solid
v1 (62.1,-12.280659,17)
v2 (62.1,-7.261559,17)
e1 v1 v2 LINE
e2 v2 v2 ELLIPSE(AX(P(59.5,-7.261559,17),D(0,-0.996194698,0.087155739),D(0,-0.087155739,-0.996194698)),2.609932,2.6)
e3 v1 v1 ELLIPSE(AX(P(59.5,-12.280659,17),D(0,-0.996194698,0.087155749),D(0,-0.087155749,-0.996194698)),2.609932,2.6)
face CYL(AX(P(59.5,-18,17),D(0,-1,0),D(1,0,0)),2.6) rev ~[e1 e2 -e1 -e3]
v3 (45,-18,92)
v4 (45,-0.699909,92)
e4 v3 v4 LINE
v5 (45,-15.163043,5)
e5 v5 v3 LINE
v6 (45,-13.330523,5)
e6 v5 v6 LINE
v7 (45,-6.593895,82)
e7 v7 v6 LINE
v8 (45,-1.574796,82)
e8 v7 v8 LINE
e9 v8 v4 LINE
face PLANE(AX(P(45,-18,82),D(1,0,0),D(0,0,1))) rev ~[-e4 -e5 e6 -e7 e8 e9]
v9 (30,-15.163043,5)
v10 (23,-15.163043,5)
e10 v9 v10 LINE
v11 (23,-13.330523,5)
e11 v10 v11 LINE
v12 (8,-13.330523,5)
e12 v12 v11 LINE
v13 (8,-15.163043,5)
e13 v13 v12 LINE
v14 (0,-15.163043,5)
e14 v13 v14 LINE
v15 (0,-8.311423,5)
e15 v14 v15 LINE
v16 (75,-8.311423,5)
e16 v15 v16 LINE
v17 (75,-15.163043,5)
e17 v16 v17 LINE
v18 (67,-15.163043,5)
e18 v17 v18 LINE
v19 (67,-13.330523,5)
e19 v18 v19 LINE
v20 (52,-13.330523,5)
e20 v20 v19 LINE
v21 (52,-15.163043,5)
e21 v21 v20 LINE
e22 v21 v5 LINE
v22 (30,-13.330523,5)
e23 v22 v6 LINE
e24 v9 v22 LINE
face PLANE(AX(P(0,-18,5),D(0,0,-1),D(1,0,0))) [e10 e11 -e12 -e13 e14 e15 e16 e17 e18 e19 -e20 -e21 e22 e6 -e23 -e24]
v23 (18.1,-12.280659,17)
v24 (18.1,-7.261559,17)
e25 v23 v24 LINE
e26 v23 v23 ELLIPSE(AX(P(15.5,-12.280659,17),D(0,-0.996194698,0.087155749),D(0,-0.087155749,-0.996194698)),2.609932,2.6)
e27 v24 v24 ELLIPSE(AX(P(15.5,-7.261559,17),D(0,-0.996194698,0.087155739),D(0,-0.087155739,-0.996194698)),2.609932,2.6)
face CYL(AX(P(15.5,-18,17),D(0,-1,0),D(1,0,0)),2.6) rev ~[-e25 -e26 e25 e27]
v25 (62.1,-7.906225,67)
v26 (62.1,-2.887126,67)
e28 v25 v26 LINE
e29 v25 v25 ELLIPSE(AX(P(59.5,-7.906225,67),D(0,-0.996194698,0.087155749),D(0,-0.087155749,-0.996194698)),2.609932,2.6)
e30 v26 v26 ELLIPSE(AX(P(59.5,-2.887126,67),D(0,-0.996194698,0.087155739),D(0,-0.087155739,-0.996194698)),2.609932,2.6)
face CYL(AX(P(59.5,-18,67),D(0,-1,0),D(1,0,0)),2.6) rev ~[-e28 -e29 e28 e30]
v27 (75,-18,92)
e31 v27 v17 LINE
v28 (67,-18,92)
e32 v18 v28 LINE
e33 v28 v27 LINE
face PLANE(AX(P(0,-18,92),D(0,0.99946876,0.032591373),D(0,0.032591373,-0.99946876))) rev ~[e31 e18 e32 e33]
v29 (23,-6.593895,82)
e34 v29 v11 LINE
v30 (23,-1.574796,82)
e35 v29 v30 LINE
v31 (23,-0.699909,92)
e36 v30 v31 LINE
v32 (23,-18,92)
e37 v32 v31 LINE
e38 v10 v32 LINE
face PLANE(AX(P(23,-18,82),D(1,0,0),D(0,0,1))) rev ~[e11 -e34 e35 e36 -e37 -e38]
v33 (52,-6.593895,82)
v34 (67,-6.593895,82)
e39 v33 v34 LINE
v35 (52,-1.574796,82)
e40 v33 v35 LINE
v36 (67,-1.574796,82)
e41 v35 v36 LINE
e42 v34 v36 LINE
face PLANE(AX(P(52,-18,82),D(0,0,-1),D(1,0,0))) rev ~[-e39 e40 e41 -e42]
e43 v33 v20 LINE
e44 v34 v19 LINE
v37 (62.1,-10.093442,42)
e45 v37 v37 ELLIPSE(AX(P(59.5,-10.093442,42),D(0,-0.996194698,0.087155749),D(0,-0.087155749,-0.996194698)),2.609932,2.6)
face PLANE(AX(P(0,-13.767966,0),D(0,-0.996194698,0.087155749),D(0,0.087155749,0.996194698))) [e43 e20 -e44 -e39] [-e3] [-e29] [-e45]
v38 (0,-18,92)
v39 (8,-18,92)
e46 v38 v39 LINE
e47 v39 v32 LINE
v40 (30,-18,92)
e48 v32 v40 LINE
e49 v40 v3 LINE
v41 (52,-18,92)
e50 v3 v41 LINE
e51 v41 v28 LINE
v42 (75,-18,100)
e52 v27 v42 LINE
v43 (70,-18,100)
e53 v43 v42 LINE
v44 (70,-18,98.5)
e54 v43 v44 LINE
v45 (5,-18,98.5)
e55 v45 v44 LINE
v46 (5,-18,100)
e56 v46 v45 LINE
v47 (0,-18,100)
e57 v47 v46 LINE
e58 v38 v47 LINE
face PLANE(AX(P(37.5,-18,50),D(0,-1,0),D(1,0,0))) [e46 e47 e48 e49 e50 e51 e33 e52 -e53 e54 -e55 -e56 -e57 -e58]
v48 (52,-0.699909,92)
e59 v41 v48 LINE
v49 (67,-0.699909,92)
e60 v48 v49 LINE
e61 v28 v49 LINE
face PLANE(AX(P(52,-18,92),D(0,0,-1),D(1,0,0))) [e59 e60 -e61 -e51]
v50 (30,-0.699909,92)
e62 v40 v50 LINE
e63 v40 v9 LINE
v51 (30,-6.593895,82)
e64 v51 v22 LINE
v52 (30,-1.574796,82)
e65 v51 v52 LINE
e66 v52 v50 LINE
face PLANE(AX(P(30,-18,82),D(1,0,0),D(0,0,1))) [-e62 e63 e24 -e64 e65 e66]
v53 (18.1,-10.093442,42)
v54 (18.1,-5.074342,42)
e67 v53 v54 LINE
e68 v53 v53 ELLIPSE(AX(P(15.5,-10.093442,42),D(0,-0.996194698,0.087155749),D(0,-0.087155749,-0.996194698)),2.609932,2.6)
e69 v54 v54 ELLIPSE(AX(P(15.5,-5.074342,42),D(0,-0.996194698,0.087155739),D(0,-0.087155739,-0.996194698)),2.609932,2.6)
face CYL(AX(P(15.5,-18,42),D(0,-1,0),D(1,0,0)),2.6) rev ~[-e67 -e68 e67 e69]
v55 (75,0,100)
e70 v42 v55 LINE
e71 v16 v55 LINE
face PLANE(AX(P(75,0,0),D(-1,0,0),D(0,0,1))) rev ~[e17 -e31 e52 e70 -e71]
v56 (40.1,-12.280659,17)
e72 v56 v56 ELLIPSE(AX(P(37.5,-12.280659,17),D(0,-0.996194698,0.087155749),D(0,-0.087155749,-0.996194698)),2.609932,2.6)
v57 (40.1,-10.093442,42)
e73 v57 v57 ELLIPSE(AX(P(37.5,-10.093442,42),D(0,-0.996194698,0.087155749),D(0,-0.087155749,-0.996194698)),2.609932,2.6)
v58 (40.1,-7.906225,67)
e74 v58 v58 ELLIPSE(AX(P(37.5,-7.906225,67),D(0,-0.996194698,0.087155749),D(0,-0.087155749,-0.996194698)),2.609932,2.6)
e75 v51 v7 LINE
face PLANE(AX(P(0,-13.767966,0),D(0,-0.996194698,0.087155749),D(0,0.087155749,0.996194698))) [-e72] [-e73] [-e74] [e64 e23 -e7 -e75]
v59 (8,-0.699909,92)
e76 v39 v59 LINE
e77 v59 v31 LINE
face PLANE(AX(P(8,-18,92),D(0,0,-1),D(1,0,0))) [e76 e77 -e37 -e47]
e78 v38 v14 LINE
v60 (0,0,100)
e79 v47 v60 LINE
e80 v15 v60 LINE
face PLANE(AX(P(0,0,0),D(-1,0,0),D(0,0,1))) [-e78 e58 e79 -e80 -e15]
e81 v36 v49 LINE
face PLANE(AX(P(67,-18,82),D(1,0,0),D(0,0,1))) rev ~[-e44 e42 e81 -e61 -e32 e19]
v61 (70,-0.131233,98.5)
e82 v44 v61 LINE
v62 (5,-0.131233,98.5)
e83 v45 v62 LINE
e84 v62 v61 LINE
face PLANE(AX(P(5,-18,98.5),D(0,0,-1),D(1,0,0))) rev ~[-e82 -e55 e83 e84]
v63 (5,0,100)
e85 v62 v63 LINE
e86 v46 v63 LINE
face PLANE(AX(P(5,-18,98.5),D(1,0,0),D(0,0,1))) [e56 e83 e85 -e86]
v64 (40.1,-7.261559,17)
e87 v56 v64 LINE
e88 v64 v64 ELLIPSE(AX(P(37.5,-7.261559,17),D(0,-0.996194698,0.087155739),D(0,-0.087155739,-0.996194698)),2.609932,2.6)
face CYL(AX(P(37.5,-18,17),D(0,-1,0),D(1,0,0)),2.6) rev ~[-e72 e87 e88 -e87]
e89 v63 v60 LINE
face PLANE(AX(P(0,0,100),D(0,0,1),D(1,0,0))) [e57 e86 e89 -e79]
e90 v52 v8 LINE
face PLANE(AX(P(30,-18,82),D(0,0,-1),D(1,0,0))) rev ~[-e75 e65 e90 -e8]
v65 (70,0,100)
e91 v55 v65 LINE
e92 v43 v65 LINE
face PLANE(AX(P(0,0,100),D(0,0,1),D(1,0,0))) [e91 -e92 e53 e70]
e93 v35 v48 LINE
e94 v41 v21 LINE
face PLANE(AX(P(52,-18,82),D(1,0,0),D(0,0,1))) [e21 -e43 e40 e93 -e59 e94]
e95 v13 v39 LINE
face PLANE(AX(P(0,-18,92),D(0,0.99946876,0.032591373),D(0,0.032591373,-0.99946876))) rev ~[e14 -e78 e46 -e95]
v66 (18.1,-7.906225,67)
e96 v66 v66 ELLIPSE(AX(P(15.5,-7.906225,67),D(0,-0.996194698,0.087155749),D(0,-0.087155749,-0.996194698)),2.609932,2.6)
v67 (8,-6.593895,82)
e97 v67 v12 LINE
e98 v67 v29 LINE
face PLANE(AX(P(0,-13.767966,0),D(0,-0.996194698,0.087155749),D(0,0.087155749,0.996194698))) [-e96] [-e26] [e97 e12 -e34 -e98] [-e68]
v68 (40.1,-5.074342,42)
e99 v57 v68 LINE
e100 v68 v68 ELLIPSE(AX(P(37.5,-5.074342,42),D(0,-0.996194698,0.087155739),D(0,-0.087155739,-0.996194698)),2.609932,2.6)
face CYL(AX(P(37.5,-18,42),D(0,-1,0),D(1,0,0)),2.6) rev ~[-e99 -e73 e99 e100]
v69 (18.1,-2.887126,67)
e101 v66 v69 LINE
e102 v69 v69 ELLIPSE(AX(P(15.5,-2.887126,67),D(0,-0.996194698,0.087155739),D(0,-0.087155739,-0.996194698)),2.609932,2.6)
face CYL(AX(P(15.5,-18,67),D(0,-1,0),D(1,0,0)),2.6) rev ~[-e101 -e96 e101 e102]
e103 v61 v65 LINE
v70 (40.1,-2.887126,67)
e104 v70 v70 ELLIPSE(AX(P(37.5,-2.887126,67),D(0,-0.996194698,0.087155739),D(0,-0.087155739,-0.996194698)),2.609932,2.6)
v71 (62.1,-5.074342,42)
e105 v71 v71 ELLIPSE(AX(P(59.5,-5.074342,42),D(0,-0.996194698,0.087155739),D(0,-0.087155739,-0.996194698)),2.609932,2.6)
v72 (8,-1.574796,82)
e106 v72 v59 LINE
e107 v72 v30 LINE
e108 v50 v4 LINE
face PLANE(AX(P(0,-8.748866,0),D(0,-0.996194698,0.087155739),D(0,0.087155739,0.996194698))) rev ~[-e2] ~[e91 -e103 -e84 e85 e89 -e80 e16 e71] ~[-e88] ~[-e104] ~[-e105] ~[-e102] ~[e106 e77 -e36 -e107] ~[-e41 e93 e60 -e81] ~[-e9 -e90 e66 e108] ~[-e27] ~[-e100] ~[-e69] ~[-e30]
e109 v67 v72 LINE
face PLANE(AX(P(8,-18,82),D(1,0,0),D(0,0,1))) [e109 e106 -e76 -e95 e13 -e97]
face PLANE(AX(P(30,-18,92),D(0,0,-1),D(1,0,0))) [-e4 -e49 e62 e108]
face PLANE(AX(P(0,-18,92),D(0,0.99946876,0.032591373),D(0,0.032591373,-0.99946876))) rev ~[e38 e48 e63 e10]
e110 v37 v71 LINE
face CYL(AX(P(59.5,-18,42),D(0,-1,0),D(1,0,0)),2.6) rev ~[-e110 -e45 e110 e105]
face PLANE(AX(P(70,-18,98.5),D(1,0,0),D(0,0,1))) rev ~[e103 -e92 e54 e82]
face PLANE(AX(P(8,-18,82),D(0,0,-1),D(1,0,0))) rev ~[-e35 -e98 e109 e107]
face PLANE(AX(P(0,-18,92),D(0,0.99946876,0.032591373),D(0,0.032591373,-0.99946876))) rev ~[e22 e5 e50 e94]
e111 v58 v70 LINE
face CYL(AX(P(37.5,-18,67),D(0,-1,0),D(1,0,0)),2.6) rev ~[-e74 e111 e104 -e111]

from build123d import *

# Parameters (mm, degrees)
F0_W      = 75
F0_H      = 100
F1_DEPTH  = 18
F3_DEPTH  = 75.001
F4_W      = 15
F4_H      = 92
F5_DEPTH  = 50
F6_W      = 65
F6_H      = 18
F7_DEPTH  = 1.5
F9_DEPTH  = 75.001
F11_DEPTH = 75
F12_W     = 65
F12_H     = 1.5
F13_DEPTH = 18.001
F14_W     = 15
F14_H     = 10
F14_W_2   = 75.273126
F14_H_2   = 5
F14_R     = 2.6
F15_DEPTH = 18.001


with BuildPart() as f1:
    # F0 (on Front) → F1 (new body)
    with BuildSketch(Plane.XZ):
        with Locations((37.5, 50)):
            Rectangle(F0_W, F0_H)
    extrude(amount=F1_DEPTH)

    # F2 (on face) → F3 (cut, through all)
    with BuildSketch(Plane(origin=(0, 0, 0), x_dir=(0, -1, 0), z_dir=(-1, 0, 0))):
        Polygon((18, 92), (15, 0), (18, 0), align=None)
    extrude(amount=-F3_DEPTH, mode=Mode.SUBTRACT)

    # F4 (on face) → F5 (cut)
    with BuildSketch(Plane.XZ.offset(18)):
        with Locations((15.5, 46)):
            Rectangle(F4_W, F4_H)
        with Locations((37.5, 46)):
            Rectangle(F4_W, F4_H)
        with Locations((59.5, 46)):
            Rectangle(F4_W, F4_H)
    extrude(amount=-F5_DEPTH, mode=Mode.SUBTRACT)

    # F6 (on face) → F7 (cut)
    with BuildSketch(Plane.XY.offset(100)):
        with Locations((37.5, -9)):
            Rectangle(F6_W, F6_H)
    extrude(amount=-F7_DEPTH, mode=Mode.SUBTRACT)

    # F8 (on face) → F9 (cut, through all)
    with BuildSketch(Plane(origin=(0, 0, 0), x_dir=(0, -1, 0), z_dir=(-1, 0, 0))):
        Polygon((8.748866, 0), (0, 100), (0, 0), align=None)
    extrude(amount=-F9_DEPTH, mode=Mode.SUBTRACT)

    # F10 (on face) → F11 (join, through all)
    with BuildSketch(Plane(origin=(0, 0, 0), x_dir=(0, -1, 0), z_dir=(-1, 0, 0))):
        Polygon((5.019099, 100), (0, 100), (8.748866, 0), (13.767966, 0), align=None)
    extrude(amount=-F11_DEPTH)

    # F12 (on face) → F13 (cut, through all)
    with BuildSketch(Plane.XZ.offset(18)):
        with Locations((37.5, 99.25)):
            Rectangle(F12_W, F12_H)
    extrude(amount=-F13_DEPTH, mode=Mode.SUBTRACT)

    # F14 (on face) → F15 (cut, through all)
    with BuildSketch(Plane.XZ.offset(18)):
        with Locations((15.5, 87)):
            Rectangle(F14_W, F14_H)
        with Locations((37.5, 87)):
            Rectangle(F14_W, F14_H)
        with Locations((59.5, 87)):
            Rectangle(F14_W, F14_H)
        with Locations((37.636563, 2.5)):
            Rectangle(F14_W_2, F14_H_2)
        with Locations((15.5, 67)):
            Circle(F14_R)
        with Locations((37.5, 67)):
            Circle(F14_R)
        with Locations((59.5, 67)):
            Circle(F14_R)
        with Locations((59.5, 42)):
            Circle(F14_R)
        with Locations((37.5, 42)):
            Circle(F14_R)
        with Locations((37.5, 17)):
            Circle(F14_R)
        with Locations((59.5, 17)):
            Circle(F14_R)
        with Locations((15.5, 17)):
            Circle(F14_R)
        with Locations((15.5, 42)):
            Circle(F14_R)
    extrude(amount=-F15_DEPTH, mode=Mode.SUBTRACT)


solid = f1.part
